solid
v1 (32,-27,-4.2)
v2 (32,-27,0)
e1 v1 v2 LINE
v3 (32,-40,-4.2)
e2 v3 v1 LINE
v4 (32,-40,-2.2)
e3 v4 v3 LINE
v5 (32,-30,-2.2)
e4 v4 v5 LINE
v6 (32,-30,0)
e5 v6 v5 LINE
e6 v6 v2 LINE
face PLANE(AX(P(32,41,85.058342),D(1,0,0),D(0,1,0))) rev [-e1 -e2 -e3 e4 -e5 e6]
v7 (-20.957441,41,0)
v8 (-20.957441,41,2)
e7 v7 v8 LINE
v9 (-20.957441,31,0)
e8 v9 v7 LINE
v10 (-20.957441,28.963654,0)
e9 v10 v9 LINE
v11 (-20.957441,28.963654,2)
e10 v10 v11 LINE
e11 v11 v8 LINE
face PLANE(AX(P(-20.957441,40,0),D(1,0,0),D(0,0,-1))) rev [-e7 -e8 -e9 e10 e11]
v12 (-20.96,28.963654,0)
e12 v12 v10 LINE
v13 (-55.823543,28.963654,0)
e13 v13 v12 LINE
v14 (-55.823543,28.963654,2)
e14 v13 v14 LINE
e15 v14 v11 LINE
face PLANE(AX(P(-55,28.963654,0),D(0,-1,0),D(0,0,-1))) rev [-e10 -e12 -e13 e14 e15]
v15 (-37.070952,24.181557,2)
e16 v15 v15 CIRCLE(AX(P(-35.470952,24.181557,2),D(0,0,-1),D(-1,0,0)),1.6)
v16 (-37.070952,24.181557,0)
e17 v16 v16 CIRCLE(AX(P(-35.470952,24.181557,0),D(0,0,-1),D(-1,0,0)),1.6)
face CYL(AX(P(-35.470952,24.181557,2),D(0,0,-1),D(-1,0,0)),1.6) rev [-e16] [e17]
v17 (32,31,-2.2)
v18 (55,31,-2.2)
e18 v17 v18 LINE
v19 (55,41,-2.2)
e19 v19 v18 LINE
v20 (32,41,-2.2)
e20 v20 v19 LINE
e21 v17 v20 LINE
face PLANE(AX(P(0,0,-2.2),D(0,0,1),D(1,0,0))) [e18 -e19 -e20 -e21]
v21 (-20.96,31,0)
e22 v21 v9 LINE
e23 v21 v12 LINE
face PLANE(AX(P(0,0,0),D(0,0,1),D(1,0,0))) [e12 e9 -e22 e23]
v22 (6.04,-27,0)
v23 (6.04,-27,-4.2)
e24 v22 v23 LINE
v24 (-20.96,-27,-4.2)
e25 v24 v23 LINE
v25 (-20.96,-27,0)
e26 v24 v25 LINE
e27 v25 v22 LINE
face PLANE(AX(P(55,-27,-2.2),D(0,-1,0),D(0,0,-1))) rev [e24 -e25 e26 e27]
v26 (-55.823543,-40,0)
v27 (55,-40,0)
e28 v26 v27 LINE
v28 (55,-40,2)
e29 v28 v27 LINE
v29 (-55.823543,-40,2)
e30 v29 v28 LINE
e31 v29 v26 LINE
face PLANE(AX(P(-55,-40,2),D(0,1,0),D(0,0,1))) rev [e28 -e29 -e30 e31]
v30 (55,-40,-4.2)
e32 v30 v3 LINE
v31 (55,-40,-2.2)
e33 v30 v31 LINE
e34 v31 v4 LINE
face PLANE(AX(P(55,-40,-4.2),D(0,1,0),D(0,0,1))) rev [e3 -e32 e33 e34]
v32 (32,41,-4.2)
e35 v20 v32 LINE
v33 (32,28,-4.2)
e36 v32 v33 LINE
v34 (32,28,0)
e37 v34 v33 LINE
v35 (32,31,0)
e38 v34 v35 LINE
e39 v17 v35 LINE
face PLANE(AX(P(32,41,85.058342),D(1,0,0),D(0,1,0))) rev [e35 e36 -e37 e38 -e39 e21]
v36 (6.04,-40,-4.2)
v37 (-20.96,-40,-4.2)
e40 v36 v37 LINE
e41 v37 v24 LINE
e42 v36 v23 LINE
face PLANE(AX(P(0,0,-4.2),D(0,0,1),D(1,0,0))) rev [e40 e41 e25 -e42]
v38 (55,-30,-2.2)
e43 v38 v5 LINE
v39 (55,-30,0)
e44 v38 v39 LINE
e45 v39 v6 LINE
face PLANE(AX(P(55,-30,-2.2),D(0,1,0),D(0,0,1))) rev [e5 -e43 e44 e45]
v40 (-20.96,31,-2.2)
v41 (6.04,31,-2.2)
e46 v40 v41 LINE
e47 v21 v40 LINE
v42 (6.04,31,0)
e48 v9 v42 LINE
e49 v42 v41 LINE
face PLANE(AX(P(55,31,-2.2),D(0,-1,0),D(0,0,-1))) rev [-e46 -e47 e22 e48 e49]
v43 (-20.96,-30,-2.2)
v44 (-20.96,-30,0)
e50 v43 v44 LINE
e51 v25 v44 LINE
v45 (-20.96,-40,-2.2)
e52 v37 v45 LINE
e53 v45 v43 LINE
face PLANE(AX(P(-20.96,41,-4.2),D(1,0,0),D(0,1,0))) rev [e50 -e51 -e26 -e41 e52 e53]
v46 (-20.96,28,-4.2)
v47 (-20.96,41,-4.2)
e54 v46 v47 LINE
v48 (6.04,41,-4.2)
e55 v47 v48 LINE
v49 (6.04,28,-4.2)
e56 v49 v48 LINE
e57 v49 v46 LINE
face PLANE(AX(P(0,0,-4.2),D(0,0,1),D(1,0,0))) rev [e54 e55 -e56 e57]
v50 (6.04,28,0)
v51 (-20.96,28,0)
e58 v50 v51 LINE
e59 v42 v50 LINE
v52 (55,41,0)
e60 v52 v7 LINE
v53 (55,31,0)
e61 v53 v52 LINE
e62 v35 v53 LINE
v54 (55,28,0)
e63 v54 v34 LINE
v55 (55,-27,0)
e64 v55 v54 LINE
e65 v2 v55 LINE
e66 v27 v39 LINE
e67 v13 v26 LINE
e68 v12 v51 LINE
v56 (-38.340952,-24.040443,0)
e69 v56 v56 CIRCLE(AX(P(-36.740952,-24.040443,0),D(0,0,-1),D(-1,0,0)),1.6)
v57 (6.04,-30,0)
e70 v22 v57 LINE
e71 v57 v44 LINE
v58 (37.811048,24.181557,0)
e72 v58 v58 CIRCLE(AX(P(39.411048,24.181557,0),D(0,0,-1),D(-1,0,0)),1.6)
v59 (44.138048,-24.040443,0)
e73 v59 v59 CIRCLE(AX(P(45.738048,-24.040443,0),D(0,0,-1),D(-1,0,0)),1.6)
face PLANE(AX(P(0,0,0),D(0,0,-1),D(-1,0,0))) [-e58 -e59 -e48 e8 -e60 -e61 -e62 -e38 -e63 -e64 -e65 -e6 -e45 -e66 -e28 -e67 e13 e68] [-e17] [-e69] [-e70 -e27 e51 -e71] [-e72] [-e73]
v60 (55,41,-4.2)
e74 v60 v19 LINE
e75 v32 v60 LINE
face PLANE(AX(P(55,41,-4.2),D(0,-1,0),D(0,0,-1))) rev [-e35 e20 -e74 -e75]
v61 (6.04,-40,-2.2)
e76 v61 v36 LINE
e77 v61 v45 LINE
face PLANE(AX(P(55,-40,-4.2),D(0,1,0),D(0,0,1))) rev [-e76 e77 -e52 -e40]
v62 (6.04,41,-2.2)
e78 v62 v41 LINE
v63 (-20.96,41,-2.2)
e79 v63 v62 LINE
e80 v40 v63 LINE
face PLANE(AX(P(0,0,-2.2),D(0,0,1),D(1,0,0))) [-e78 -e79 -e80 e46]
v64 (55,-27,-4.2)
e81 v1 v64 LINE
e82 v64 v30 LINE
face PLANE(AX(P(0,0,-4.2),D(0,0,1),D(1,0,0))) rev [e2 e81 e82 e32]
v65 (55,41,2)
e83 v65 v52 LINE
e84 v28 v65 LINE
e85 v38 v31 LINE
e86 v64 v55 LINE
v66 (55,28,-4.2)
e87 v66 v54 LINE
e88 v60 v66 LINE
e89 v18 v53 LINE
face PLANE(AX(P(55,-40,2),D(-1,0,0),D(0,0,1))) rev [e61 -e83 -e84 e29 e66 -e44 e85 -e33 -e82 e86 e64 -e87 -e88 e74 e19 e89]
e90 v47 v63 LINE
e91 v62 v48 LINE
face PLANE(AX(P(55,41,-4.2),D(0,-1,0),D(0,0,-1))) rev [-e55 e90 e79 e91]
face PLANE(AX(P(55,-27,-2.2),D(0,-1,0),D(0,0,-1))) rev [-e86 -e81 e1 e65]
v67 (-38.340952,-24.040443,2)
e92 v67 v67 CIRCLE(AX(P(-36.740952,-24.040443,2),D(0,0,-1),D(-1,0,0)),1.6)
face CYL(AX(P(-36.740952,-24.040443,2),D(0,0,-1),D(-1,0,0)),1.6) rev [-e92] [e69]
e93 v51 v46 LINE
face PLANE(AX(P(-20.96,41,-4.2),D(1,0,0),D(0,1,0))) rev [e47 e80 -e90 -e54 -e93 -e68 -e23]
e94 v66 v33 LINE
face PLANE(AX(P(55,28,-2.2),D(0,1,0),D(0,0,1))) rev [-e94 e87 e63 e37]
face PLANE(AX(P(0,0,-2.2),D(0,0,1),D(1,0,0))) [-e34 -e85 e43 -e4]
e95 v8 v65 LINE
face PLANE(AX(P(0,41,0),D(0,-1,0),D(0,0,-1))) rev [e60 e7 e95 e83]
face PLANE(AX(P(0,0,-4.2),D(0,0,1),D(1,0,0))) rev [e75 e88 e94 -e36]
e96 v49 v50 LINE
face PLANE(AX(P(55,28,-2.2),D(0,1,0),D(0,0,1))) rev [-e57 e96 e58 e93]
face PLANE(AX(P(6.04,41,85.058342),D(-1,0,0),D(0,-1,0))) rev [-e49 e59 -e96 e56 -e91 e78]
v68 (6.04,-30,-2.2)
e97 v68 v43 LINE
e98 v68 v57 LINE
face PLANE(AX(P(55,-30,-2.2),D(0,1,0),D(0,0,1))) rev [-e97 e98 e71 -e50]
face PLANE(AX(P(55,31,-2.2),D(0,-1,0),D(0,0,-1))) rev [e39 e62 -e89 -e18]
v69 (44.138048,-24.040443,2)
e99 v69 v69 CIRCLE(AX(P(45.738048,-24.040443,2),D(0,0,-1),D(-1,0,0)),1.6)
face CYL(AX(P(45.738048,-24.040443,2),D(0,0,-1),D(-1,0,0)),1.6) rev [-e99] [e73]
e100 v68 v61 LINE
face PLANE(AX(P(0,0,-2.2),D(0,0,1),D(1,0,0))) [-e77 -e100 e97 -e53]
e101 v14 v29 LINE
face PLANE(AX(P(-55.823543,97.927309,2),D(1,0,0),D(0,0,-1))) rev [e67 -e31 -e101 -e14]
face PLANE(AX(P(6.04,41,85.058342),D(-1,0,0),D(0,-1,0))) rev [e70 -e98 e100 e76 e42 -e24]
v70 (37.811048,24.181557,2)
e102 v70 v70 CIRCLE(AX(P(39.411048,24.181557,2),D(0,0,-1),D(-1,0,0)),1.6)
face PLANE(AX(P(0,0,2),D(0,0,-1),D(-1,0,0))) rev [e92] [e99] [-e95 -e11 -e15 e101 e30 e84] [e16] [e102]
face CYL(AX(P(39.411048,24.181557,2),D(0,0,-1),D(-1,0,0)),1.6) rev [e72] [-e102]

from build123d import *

# Parameters (mm, degrees)
SKETCH1_W           = 110
SKETCH1_H           = 80
BOSS_EXTRUDE1_DEPTH = 2
SKETCH2_R           = 1.6
CUT_EXTRUDE1_DEPTH  = 3
SKETCH3_W           = 34.042558981
SKETCH3_H           = 11.036345557
CUT_EXTRUDE2_DEPTH  = 3
SKETCH4_W           = 2
SKETCH4_H           = 68.963654443
BOSS_EXTRUDE2_DEPTH = 3
SKETCH5_W           = 75.957441019
SKETCH5_H           = 2
BOSS_EXTRUDE3_DEPTH = 1
SKETCH6_W           = 113
SKETCH6_H           = 3
BOSS_EXTRUDE4_DEPTH = 2.2
SKETCH7_W           = 113
SKETCH7_H           = 13
BOSS_EXTRUDE6_DEPTH = 2
SKETCH10_W          = 37.04
SKETCH10_H          = 81
CUT_EXTRUDE5_DEPTH  = 3
SKETCH10_2_W        = 37.04
SKETCH10_2_H        = 81
CUT_EXTRUDE6_DEPTH  = 2.2
SKETCH12_W          = 25.96
SKETCH12_H          = 81
CUT_EXTRUDE7_DEPTH  = 4.2
SKETCH13_W          = 4.352914054
SKETCH13_H          = 137.927308885
CUT_EXTRUDE8_DEPTH  = 3


with BuildPart() as part:
    # Sketch1 → Boss-Extrude1 (new body)
    with BuildSketch(Plane.XY):
        Rectangle(SKETCH1_W, SKETCH1_H)
    extrude(amount=BOSS_EXTRUDE1_DEPTH)

    # Sketch2 → Cut-Extrude1 (cut, through all)
    with BuildSketch(Plane(origin=(0, 0, 0), x_dir=(-1, 0, 0), z_dir=(0, 0, -1))):
        with Locations((35.470952311, 24.181556833)):
            Circle(SKETCH2_R)
        with Locations((-39.411047689, 24.181556833)):
            Circle(SKETCH2_R)
        with Locations((-45.738047689, -24.040443167)):
            Circle(SKETCH2_R)
        with Locations((36.740952311, -24.040443167)):
            Circle(SKETCH2_R)
    extrude(amount=-CUT_EXTRUDE1_DEPTH, mode=Mode.SUBTRACT)

    # Sketch3 → Cut-Extrude2 (cut, through all)
    with BuildSketch(Plane.XY.offset(2)):
        with Locations((-37.97872051, 34.481827221)):
            Rectangle(SKETCH3_W, SKETCH3_H)
    extrude(amount=-CUT_EXTRUDE2_DEPTH, mode=Mode.SUBTRACT)

    # Sketch4 → Boss-Extrude2 (add)
    with BuildSketch(Plane.ZY.offset(55)):
        with Locations((1, -5.518172778)):
            Rectangle(SKETCH4_W, SKETCH4_H)
    extrude(amount=BOSS_EXTRUDE2_DEPTH)

    # Sketch5 → Boss-Extrude3 (add)
    with BuildSketch(Plane(origin=(0, 40, 0), x_dir=(1, 0, 0), z_dir=(0, 1, 0))):
        with Locations((17.02127949, -1)):
            Rectangle(SKETCH5_W, SKETCH5_H)
    extrude(amount=BOSS_EXTRUDE3_DEPTH)

    # Sketch6 → Boss-Extrude4 (add)
    with BuildSketch(Plane(origin=(0, 0, 0), x_dir=(-1, 0, 0), z_dir=(0, 0, -1))):
        with Locations((1.5, 29.5)):
            Rectangle(SKETCH6_W, SKETCH6_H)
        with Locations((1.5, -28.5)):
            Rectangle(SKETCH6_W, SKETCH6_H)
    extrude(amount=BOSS_EXTRUDE4_DEPTH)

    # Sketch7 → Boss-Extrude6 (add)
    with BuildSketch(Plane(origin=(0, 0, -2.2), x_dir=(-1, 0, 0), z_dir=(0, 0, -1))):
        with Locations((1.5, 34.5)):
            Rectangle(SKETCH7_W, SKETCH7_H)
        with Locations((1.5, -33.5)):
            Rectangle(SKETCH7_W, SKETCH7_H)
    extrude(amount=BOSS_EXTRUDE6_DEPTH)

    # Sketch10 → Cut-Extrude5 (cut, through all)
    with BuildSketch(Plane.XY.offset(-2.2)):
        with Locations((-39.48, 0.5)):
            Rectangle(SKETCH10_W, SKETCH10_H)
    extrude(amount=-CUT_EXTRUDE5_DEPTH, mode=Mode.SUBTRACT)

    # Sketch10<2> → Cut-Extrude6 (cut)
    with BuildSketch(Plane.XY.offset(-2.2)):
        with Locations((-39.48, 0.5)):
            Rectangle(SKETCH10_2_W, SKETCH10_2_H)
    extrude(amount=CUT_EXTRUDE6_DEPTH, mode=Mode.SUBTRACT)

    # Sketch12 → Cut-Extrude7 (cut)
    with BuildSketch(Plane(origin=(0, 0, -4.2), x_dir=(-1, 0, 0), z_dir=(0, 0, -1))):
        with Locations((-19.02, 0.5)):
            Rectangle(SKETCH12_W, SKETCH12_H)
    extrude(amount=-CUT_EXTRUDE7_DEPTH, mode=Mode.SUBTRACT)

    # Sketch13 → Cut-Extrude8 (cut, through all)
    with BuildSketch(Plane(origin=(0, 0, 0), x_dir=(-1, 0, 0), z_dir=(0, 0, -1))):
        with Locations((58, 28.963654443)):
            Rectangle(SKETCH13_W, SKETCH13_H)
    extrude(amount=-CUT_EXTRUDE8_DEPTH, mode=Mode.SUBTRACT)


solid = part.part
